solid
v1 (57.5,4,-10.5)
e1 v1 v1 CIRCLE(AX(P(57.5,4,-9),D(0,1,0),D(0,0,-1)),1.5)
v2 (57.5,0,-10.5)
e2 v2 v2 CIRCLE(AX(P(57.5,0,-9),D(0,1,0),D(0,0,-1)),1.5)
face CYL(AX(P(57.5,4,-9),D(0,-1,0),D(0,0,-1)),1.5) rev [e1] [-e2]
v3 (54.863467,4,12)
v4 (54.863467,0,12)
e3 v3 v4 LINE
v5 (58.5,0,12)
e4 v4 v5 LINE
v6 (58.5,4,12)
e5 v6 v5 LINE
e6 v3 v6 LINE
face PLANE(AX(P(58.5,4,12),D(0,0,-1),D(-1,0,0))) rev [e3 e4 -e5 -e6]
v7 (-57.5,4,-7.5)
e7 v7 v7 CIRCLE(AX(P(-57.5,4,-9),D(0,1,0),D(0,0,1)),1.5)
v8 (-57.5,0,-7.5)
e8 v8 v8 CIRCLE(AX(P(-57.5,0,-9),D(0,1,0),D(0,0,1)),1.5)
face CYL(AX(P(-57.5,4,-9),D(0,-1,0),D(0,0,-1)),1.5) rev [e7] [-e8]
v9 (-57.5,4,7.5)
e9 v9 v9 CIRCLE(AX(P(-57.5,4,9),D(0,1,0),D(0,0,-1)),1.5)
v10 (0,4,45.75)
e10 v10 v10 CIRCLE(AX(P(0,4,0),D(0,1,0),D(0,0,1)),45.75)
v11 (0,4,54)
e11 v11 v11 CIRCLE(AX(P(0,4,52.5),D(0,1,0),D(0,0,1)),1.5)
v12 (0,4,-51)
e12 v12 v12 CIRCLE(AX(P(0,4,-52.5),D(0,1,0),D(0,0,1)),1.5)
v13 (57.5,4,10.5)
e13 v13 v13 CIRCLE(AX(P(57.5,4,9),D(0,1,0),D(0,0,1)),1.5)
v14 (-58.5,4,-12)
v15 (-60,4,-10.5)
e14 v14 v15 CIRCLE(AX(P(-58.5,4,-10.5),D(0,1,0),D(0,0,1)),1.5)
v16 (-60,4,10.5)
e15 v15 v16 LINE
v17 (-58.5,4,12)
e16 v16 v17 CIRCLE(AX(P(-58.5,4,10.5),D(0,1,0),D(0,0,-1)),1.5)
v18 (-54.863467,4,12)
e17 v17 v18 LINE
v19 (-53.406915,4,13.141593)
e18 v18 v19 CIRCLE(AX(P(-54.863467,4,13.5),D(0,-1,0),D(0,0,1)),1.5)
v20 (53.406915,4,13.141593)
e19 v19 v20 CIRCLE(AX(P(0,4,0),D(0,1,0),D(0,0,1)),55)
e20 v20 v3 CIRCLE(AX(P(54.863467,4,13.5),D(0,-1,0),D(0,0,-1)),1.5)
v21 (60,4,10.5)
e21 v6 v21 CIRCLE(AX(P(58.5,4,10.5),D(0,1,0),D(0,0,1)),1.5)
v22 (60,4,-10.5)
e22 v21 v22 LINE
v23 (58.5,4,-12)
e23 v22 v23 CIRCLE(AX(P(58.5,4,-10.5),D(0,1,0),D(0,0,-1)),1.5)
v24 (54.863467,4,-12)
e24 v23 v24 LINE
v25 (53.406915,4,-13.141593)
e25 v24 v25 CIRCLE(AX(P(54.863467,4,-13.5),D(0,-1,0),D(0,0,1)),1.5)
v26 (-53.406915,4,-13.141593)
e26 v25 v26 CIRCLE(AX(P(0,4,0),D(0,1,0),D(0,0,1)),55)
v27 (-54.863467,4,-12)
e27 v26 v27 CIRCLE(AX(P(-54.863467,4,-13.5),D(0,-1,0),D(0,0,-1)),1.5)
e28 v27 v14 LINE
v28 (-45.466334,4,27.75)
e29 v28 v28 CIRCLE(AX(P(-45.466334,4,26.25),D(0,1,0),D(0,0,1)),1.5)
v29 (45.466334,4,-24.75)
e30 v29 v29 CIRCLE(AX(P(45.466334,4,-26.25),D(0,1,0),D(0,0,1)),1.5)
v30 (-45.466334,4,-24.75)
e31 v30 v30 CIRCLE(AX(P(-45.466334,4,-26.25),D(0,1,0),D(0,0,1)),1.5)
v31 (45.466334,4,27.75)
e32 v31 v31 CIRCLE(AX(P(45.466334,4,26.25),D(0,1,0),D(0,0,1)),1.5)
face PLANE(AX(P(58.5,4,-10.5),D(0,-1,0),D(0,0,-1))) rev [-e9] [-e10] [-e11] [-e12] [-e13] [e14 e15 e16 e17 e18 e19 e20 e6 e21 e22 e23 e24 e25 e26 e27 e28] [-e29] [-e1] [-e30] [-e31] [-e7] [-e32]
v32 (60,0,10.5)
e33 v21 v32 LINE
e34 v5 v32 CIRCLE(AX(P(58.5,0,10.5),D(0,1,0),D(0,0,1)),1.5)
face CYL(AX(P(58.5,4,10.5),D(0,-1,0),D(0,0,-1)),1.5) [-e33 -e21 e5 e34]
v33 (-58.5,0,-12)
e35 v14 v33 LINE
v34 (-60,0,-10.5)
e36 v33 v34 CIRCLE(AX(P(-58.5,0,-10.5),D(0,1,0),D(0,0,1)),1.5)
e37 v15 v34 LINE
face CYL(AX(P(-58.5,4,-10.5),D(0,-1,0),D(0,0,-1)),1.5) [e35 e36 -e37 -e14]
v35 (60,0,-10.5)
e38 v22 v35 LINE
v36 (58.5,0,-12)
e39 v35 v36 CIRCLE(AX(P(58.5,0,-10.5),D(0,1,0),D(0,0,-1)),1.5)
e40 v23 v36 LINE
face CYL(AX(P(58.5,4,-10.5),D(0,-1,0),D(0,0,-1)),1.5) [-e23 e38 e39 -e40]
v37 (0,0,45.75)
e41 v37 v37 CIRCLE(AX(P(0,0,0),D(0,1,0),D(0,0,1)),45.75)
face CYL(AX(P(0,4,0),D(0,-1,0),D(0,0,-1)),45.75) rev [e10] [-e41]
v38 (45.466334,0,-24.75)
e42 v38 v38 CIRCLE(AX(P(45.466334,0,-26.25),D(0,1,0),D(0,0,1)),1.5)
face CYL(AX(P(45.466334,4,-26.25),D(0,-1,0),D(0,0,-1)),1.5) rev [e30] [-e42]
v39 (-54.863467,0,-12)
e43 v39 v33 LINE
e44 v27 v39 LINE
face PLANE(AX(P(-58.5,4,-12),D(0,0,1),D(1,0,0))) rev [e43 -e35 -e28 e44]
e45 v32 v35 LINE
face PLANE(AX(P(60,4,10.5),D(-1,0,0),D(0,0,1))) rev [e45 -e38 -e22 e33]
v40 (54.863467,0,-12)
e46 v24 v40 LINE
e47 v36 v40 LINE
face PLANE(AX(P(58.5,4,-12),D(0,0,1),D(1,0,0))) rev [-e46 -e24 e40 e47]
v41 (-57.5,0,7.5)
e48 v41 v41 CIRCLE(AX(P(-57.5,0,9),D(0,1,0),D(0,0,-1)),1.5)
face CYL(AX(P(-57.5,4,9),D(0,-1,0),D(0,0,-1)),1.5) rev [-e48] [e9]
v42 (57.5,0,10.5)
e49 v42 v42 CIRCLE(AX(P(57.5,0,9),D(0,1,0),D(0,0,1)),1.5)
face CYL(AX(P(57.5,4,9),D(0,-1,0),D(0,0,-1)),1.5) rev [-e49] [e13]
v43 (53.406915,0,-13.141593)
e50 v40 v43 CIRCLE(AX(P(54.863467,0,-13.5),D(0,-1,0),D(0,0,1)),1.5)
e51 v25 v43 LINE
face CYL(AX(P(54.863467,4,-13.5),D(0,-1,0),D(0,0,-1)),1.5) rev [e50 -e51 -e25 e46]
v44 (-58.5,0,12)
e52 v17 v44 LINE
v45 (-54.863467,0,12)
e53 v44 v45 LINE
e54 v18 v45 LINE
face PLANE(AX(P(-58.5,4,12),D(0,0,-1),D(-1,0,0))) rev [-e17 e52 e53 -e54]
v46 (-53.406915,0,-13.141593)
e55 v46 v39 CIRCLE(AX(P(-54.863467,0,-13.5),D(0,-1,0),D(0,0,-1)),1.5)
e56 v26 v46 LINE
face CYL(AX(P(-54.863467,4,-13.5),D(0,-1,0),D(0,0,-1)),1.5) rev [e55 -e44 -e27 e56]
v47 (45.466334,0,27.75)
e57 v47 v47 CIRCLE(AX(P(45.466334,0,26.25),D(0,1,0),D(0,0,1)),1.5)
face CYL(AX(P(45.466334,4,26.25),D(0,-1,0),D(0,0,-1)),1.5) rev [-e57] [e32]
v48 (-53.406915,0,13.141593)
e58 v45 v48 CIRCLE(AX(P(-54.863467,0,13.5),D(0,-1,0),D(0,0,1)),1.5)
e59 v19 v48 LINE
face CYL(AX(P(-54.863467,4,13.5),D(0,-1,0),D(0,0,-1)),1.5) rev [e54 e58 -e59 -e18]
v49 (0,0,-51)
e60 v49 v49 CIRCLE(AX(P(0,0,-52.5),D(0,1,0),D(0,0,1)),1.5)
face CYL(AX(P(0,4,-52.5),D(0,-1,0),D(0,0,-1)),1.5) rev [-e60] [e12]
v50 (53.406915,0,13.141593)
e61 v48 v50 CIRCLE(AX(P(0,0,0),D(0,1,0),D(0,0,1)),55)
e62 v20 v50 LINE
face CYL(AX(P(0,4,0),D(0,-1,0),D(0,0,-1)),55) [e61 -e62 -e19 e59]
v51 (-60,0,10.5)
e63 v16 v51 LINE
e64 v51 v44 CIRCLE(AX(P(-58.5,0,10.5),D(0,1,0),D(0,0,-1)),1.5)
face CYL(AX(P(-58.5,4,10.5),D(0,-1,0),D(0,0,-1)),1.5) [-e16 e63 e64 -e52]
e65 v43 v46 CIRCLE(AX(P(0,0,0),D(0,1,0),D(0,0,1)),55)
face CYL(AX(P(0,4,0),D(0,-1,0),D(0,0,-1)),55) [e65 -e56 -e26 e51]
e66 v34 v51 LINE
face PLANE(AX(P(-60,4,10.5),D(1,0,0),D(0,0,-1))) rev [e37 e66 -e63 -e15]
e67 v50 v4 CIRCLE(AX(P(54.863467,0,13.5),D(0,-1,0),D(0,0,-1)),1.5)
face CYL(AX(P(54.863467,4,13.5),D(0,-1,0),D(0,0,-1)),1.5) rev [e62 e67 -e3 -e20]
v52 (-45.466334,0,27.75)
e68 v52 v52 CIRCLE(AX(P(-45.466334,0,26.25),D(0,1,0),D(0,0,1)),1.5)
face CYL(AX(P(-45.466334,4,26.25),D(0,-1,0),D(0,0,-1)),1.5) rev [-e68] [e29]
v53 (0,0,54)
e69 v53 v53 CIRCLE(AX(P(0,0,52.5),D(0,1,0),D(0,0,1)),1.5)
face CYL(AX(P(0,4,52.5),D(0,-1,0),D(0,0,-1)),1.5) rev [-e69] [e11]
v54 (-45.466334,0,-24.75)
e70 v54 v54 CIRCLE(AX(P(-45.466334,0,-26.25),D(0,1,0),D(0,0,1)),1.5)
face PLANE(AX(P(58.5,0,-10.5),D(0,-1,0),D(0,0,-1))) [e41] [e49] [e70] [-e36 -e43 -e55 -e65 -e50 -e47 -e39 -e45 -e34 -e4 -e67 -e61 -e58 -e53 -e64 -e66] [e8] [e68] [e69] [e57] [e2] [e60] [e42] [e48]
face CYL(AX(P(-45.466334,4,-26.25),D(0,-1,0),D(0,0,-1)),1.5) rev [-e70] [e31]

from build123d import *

# Parameters (mm, degrees)
SKETCH_1_R      = 45.75
SKETCH_1_R_2    = 1.5
EXTRUDE_1_DEPTH = 4


with BuildPart() as part:
    # 草图1 → 凸台-拉伸1 (new body)
    with BuildSketch(Plane(origin=(0, 0, 0), x_dir=(1, 0, 0), z_dir=(0, 1, 0))):
        with BuildLine():
            Line((-60, -10.5), (-60, 10.5))
            ThreePointArc((-60, 10.5), (-59.560660172, 11.560660172), (-58.5, 12))
            Line((-58.5, 12), (-54.863466897, 12))
            ThreePointArc((-54.863466897, 12), (-53.938159008, 12.31940468), (-53.406914679, 13.14159292))
            ThreePointArc((-53.406914679, 13.14159292), (0, 55), (53.406914679, 13.14159292))
            ThreePointArc((53.406914679, 13.14159292), (53.938159008, 12.31940468), (54.863466897, 12))
            Line((54.863466897, 12), (58.5, 12))
            ThreePointArc((58.5, 12), (59.560660172, 11.560660172), (60, 10.5))
            Line((60, 10.5), (60, -10.5))
            ThreePointArc((60, -10.5), (59.560660172, -11.560660172), (58.5, -12))
            Line((58.5, -12), (54.863466897, -12))
            ThreePointArc((54.863466897, -12), (53.938159008, -12.31940468), (53.406914679, -13.14159292))
            ThreePointArc((53.406914679, -13.14159292), (0, -55), (-53.406914679, -13.14159292))
            ThreePointArc((-53.406914679, -13.14159292), (-53.938159008, -12.31940468), (-54.863466897, -12))
            Line((-54.863466897, -12), (-58.5, -12))
            ThreePointArc((-58.5, -12), (-59.560660172, -11.560660172), (-60, -10.5))
        make_face()
        with Locations(Location((0, 0, 0), (0, 0, 270))):
            Circle(SKETCH_1_R, mode=Mode.SUBTRACT)
        with Locations(Location((0, 52.5, 0), (0, 0, 270))):
            Circle(SKETCH_1_R_2, mode=Mode.SUBTRACT)
        with Locations(Location((45.466333699, 26.25, 0), (0, 0, 270))):
            Circle(SKETCH_1_R_2, mode=Mode.SUBTRACT)
        with Locations(Location((45.466333699, -26.25, 0), (0, 0, 270))):
            Circle(SKETCH_1_R_2, mode=Mode.SUBTRACT)
        with Locations(Location((0, -52.5, 0), (0, 0, 270))):
            Circle(SKETCH_1_R_2, mode=Mode.SUBTRACT)
        with Locations(Location((-45.466333699, -26.25, 0), (0, 0, 270))):
            Circle(SKETCH_1_R_2, mode=Mode.SUBTRACT)
        with Locations(Location((-45.466333699, 26.25, 0), (0, 0, 270))):
            Circle(SKETCH_1_R_2, mode=Mode.SUBTRACT)
        with Locations(Location((-57.5, 9, 0), (0, 0, 270))):
            Circle(SKETCH_1_R_2, mode=Mode.SUBTRACT)
        with Locations(Location((57.5, 9, 0), (0, 0, 90))):
            Circle(SKETCH_1_R_2, mode=Mode.SUBTRACT)
        with Locations(Location((57.5, -9, 0), (0, 0, 270))):
            Circle(SKETCH_1_R_2, mode=Mode.SUBTRACT)
        with Locations(Location((-57.5, -9, 0), (0, 0, 90))):
            Circle(SKETCH_1_R_2, mode=Mode.SUBTRACT)
    extrude(amount=EXTRUDE_1_DEPTH)


solid = part.part
